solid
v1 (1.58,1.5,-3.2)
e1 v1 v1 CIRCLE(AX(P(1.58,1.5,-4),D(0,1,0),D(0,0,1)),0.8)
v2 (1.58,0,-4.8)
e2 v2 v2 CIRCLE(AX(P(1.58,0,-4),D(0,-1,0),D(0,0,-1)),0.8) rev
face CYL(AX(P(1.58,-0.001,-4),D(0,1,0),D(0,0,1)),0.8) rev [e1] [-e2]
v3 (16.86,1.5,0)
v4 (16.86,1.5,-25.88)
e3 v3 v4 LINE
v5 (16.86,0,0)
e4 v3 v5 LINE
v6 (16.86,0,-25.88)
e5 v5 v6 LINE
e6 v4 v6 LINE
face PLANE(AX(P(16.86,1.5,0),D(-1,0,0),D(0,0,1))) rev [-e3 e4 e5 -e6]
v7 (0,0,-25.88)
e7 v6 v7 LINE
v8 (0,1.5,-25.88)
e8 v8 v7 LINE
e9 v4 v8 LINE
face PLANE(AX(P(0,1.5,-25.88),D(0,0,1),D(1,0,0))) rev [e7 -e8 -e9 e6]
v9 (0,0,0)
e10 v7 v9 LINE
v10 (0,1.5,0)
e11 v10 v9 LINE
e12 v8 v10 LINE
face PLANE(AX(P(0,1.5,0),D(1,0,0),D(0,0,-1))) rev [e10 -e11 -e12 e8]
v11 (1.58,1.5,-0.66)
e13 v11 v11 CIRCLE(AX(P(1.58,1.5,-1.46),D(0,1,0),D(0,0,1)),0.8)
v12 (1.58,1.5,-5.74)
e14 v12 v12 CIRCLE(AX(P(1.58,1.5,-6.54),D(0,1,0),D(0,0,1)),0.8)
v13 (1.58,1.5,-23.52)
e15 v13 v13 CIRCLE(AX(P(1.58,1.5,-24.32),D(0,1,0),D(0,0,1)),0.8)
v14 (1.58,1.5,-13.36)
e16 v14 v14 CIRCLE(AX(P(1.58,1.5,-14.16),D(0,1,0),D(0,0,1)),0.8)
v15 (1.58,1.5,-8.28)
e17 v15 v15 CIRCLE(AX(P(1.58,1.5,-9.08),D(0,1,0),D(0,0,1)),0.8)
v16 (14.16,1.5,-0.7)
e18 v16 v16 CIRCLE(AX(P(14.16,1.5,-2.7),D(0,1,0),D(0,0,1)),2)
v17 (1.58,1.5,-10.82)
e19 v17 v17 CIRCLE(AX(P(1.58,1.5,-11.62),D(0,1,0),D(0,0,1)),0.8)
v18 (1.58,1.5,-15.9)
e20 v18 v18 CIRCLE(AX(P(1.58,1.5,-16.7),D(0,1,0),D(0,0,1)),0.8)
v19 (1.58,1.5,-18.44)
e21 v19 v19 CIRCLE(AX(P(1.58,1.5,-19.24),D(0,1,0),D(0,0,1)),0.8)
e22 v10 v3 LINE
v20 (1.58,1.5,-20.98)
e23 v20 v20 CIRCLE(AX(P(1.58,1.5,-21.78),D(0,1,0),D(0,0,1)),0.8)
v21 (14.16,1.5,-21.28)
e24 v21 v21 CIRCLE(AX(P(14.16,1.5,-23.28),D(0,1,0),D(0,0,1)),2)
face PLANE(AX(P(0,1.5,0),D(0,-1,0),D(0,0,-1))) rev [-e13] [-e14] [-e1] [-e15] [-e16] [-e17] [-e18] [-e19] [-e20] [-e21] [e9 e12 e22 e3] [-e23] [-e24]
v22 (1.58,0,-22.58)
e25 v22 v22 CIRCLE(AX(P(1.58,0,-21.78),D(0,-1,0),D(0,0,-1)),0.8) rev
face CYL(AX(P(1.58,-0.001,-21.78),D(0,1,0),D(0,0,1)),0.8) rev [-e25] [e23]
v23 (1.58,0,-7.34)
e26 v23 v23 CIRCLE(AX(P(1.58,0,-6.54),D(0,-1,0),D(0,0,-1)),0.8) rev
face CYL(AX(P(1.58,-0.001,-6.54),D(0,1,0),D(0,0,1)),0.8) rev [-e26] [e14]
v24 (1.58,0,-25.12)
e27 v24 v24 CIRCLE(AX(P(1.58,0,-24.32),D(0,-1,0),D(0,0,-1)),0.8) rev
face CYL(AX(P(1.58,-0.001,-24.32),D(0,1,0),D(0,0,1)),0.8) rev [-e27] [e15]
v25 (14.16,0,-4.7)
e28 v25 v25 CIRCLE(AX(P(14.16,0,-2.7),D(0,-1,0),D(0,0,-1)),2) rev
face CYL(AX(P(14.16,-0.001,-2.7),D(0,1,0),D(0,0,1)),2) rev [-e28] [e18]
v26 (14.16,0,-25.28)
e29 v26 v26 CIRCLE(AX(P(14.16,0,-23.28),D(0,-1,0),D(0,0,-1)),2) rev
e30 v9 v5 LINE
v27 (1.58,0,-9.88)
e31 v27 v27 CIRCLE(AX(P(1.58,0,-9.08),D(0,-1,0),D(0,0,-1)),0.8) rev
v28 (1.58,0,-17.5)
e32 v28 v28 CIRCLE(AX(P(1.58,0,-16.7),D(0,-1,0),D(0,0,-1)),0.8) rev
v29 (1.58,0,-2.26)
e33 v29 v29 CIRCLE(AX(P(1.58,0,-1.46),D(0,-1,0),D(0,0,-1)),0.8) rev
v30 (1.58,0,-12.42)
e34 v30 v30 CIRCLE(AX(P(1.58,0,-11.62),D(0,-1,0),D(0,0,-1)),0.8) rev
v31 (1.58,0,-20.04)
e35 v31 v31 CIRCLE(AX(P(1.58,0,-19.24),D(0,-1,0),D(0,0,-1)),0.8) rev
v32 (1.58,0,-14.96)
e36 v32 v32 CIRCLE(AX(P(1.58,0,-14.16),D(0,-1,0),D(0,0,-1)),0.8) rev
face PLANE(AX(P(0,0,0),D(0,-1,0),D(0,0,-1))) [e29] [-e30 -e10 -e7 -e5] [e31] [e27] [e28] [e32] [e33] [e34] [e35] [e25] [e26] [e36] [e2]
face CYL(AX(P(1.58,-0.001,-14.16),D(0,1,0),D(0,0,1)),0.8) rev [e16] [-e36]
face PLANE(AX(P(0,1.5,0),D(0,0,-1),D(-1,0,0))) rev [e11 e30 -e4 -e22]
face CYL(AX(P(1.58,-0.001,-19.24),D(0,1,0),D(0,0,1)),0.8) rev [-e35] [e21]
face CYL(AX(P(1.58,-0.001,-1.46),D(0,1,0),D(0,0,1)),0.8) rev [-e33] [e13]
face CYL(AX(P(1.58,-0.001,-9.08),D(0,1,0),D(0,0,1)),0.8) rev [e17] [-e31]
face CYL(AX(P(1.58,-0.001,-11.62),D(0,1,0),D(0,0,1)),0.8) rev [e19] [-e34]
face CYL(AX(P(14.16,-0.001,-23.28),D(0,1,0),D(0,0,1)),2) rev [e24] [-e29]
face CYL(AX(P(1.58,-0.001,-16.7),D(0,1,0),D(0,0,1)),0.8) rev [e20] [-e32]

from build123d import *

# Parameters (mm, degrees)
SKETCH1_W           = 16.86
SKETCH1_H           = 25.88
BOSS_EXTRUDE1_DEPTH = 1.5
CUT_EXTRUDE1_REACH  = 3.5
SKETCH2_R           = 2
CUT_EXTRUDE2_REACH  = 3.5
SKETCH3_R           = 0.8


with BuildPart() as part:
    # Sketch1 → Boss-Extrude1 (new body)
    with BuildSketch(Plane(origin=(0, 0, 0), x_dir=(1, 0, 0), z_dir=(0, 1, 0))):
        with Locations((8.43, 12.94)):
            Rectangle(SKETCH1_W, SKETCH1_H)
    extrude(amount=BOSS_EXTRUDE1_DEPTH)

    # Sketch2 → Cut-Extrude1 (cut, up to next)
    with BuildSketch(Plane(origin=(0, 1.5, 0), x_dir=(1, 0, 0), z_dir=(0, 1, 0)), mode=Mode.PRIVATE) as cut_extrude1_sk1:
        with Locations((14.16, 23.28)):
            Circle(SKETCH2_R)
    cut_extrude1_tool1 = extrude(cut_extrude1_sk1.sketch, amount=-CUT_EXTRUDE1_REACH, mode=Mode.PRIVATE) & part.part
    add(cut_extrude1_tool1.solids().sort_by_distance((14.16, 1.5, -23.28))[0], mode=Mode.SUBTRACT)
    # Sketch2 → Cut-Extrude1 (cut, up to next)
    with BuildSketch(Plane(origin=(0, 1.5, 0), x_dir=(1, 0, 0), z_dir=(0, 1, 0)), mode=Mode.PRIVATE) as cut_extrude1_sk2:
        with Locations((14.16, 2.7)):
            Circle(SKETCH2_R)
    cut_extrude1_tool2 = extrude(cut_extrude1_sk2.sketch, amount=-CUT_EXTRUDE1_REACH, mode=Mode.PRIVATE) & part.part
    add(cut_extrude1_tool2.solids().sort_by_distance((14.16, 1.5, -2.7))[0], mode=Mode.SUBTRACT)

    # Sketch3 → Cut-Extrude2 (cut, up to next)
    with BuildSketch(Plane(origin=(0, 1.5, 0), x_dir=(1, 0, 0), z_dir=(0, 1, 0)), mode=Mode.PRIVATE) as cut_extrude2_sk1:
        with Locations((1.58, 24.32)):
            Circle(SKETCH3_R)
    cut_extrude2_tool1 = extrude(cut_extrude2_sk1.sketch, amount=-CUT_EXTRUDE2_REACH, mode=Mode.PRIVATE) & part.part
    add(cut_extrude2_tool1.solids().sort_by_distance((1.58, 1.5, -24.32))[0], mode=Mode.SUBTRACT)
    # Sketch3 → Cut-Extrude2 (cut, up to next)
    with BuildSketch(Plane(origin=(0, 1.5, 0), x_dir=(1, 0, 0), z_dir=(0, 1, 0)), mode=Mode.PRIVATE) as cut_extrude2_sk2:
        with Locations((1.58, 21.78)):
            Circle(SKETCH3_R)
    cut_extrude2_tool2 = extrude(cut_extrude2_sk2.sketch, amount=-CUT_EXTRUDE2_REACH, mode=Mode.PRIVATE) & part.part
    add(cut_extrude2_tool2.solids().sort_by_distance((1.58, 1.5, -21.78))[0], mode=Mode.SUBTRACT)
    # Sketch3 → Cut-Extrude2 (cut, up to next)
    with BuildSketch(Plane(origin=(0, 1.5, 0), x_dir=(1, 0, 0), z_dir=(0, 1, 0)), mode=Mode.PRIVATE) as cut_extrude2_sk3:
        with Locations((1.58, 19.24)):
            Circle(SKETCH3_R)
    cut_extrude2_tool3 = extrude(cut_extrude2_sk3.sketch, amount=-CUT_EXTRUDE2_REACH, mode=Mode.PRIVATE) & part.part
    add(cut_extrude2_tool3.solids().sort_by_distance((1.58, 1.5, -19.24))[0], mode=Mode.SUBTRACT)
    # Sketch3 → Cut-Extrude2 (cut, up to next)
    with BuildSketch(Plane(origin=(0, 1.5, 0), x_dir=(1, 0, 0), z_dir=(0, 1, 0)), mode=Mode.PRIVATE) as cut_extrude2_sk4:
        with Locations((1.58, 16.7)):
            Circle(SKETCH3_R)
    cut_extrude2_tool4 = extrude(cut_extrude2_sk4.sketch, amount=-CUT_EXTRUDE2_REACH, mode=Mode.PRIVATE) & part.part
    add(cut_extrude2_tool4.solids().sort_by_distance((1.58, 1.5, -16.7))[0], mode=Mode.SUBTRACT)
    # Sketch3 → Cut-Extrude2 (cut, up to next)
    with BuildSketch(Plane(origin=(0, 1.5, 0), x_dir=(1, 0, 0), z_dir=(0, 1, 0)), mode=Mode.PRIVATE) as cut_extrude2_sk5:
        with Locations((1.58, 14.16)):
            Circle(SKETCH3_R)
    cut_extrude2_tool5 = extrude(cut_extrude2_sk5.sketch, amount=-CUT_EXTRUDE2_REACH, mode=Mode.PRIVATE) & part.part
    add(cut_extrude2_tool5.solids().sort_by_distance((1.58, 1.5, -14.16))[0], mode=Mode.SUBTRACT)
    # Sketch3 → Cut-Extrude2 (cut, up to next)
    with BuildSketch(Plane(origin=(0, 1.5, 0), x_dir=(1, 0, 0), z_dir=(0, 1, 0)), mode=Mode.PRIVATE) as cut_extrude2_sk6:
        with Locations((1.58, 11.62)):
            Circle(SKETCH3_R)
    cut_extrude2_tool6 = extrude(cut_extrude2_sk6.sketch, amount=-CUT_EXTRUDE2_REACH, mode=Mode.PRIVATE) & part.part
    add(cut_extrude2_tool6.solids().sort_by_distance((1.58, 1.5, -11.62))[0], mode=Mode.SUBTRACT)
    # Sketch3 → Cut-Extrude2 (cut, up to next)
    with BuildSketch(Plane(origin=(0, 1.5, 0), x_dir=(1, 0, 0), z_dir=(0, 1, 0)), mode=Mode.PRIVATE) as cut_extrude2_sk7:
        with Locations((1.58, 9.08)):
            Circle(SKETCH3_R)
    cut_extrude2_tool7 = extrude(cut_extrude2_sk7.sketch, amount=-CUT_EXTRUDE2_REACH, mode=Mode.PRIVATE) & part.part
    add(cut_extrude2_tool7.solids().sort_by_distance((1.58, 1.5, -9.08))[0], mode=Mode.SUBTRACT)
    # Sketch3 → Cut-Extrude2 (cut, up to next)
    with BuildSketch(Plane(origin=(0, 1.5, 0), x_dir=(1, 0, 0), z_dir=(0, 1, 0)), mode=Mode.PRIVATE) as cut_extrude2_sk8:
        with Locations((1.58, 6.54)):
            Circle(SKETCH3_R)
    cut_extrude2_tool8 = extrude(cut_extrude2_sk8.sketch, amount=-CUT_EXTRUDE2_REACH, mode=Mode.PRIVATE) & part.part
    add(cut_extrude2_tool8.solids().sort_by_distance((1.58, 1.5, -6.54))[0], mode=Mode.SUBTRACT)
    # Sketch3 → Cut-Extrude2 (cut, up to next)
    with BuildSketch(Plane(origin=(0, 1.5, 0), x_dir=(1, 0, 0), z_dir=(0, 1, 0)), mode=Mode.PRIVATE) as cut_extrude2_sk9:
        with Locations((1.58, 4)):
            Circle(SKETCH3_R)
    cut_extrude2_tool9 = extrude(cut_extrude2_sk9.sketch, amount=-CUT_EXTRUDE2_REACH, mode=Mode.PRIVATE) & part.part
    add(cut_extrude2_tool9.solids().sort_by_distance((1.58, 1.5, -4))[0], mode=Mode.SUBTRACT)
    # Sketch3 → Cut-Extrude2 (cut, up to next)
    with BuildSketch(Plane(origin=(0, 1.5, 0), x_dir=(1, 0, 0), z_dir=(0, 1, 0)), mode=Mode.PRIVATE) as cut_extrude2_sk10:
        with Locations((1.58, 1.46)):
            Circle(SKETCH3_R)
    cut_extrude2_tool10 = extrude(cut_extrude2_sk10.sketch, amount=-CUT_EXTRUDE2_REACH, mode=Mode.PRIVATE) & part.part
    add(cut_extrude2_tool10.solids().sort_by_distance((1.58, 1.5, -1.46))[0], mode=Mode.SUBTRACT)


solid = part.part
